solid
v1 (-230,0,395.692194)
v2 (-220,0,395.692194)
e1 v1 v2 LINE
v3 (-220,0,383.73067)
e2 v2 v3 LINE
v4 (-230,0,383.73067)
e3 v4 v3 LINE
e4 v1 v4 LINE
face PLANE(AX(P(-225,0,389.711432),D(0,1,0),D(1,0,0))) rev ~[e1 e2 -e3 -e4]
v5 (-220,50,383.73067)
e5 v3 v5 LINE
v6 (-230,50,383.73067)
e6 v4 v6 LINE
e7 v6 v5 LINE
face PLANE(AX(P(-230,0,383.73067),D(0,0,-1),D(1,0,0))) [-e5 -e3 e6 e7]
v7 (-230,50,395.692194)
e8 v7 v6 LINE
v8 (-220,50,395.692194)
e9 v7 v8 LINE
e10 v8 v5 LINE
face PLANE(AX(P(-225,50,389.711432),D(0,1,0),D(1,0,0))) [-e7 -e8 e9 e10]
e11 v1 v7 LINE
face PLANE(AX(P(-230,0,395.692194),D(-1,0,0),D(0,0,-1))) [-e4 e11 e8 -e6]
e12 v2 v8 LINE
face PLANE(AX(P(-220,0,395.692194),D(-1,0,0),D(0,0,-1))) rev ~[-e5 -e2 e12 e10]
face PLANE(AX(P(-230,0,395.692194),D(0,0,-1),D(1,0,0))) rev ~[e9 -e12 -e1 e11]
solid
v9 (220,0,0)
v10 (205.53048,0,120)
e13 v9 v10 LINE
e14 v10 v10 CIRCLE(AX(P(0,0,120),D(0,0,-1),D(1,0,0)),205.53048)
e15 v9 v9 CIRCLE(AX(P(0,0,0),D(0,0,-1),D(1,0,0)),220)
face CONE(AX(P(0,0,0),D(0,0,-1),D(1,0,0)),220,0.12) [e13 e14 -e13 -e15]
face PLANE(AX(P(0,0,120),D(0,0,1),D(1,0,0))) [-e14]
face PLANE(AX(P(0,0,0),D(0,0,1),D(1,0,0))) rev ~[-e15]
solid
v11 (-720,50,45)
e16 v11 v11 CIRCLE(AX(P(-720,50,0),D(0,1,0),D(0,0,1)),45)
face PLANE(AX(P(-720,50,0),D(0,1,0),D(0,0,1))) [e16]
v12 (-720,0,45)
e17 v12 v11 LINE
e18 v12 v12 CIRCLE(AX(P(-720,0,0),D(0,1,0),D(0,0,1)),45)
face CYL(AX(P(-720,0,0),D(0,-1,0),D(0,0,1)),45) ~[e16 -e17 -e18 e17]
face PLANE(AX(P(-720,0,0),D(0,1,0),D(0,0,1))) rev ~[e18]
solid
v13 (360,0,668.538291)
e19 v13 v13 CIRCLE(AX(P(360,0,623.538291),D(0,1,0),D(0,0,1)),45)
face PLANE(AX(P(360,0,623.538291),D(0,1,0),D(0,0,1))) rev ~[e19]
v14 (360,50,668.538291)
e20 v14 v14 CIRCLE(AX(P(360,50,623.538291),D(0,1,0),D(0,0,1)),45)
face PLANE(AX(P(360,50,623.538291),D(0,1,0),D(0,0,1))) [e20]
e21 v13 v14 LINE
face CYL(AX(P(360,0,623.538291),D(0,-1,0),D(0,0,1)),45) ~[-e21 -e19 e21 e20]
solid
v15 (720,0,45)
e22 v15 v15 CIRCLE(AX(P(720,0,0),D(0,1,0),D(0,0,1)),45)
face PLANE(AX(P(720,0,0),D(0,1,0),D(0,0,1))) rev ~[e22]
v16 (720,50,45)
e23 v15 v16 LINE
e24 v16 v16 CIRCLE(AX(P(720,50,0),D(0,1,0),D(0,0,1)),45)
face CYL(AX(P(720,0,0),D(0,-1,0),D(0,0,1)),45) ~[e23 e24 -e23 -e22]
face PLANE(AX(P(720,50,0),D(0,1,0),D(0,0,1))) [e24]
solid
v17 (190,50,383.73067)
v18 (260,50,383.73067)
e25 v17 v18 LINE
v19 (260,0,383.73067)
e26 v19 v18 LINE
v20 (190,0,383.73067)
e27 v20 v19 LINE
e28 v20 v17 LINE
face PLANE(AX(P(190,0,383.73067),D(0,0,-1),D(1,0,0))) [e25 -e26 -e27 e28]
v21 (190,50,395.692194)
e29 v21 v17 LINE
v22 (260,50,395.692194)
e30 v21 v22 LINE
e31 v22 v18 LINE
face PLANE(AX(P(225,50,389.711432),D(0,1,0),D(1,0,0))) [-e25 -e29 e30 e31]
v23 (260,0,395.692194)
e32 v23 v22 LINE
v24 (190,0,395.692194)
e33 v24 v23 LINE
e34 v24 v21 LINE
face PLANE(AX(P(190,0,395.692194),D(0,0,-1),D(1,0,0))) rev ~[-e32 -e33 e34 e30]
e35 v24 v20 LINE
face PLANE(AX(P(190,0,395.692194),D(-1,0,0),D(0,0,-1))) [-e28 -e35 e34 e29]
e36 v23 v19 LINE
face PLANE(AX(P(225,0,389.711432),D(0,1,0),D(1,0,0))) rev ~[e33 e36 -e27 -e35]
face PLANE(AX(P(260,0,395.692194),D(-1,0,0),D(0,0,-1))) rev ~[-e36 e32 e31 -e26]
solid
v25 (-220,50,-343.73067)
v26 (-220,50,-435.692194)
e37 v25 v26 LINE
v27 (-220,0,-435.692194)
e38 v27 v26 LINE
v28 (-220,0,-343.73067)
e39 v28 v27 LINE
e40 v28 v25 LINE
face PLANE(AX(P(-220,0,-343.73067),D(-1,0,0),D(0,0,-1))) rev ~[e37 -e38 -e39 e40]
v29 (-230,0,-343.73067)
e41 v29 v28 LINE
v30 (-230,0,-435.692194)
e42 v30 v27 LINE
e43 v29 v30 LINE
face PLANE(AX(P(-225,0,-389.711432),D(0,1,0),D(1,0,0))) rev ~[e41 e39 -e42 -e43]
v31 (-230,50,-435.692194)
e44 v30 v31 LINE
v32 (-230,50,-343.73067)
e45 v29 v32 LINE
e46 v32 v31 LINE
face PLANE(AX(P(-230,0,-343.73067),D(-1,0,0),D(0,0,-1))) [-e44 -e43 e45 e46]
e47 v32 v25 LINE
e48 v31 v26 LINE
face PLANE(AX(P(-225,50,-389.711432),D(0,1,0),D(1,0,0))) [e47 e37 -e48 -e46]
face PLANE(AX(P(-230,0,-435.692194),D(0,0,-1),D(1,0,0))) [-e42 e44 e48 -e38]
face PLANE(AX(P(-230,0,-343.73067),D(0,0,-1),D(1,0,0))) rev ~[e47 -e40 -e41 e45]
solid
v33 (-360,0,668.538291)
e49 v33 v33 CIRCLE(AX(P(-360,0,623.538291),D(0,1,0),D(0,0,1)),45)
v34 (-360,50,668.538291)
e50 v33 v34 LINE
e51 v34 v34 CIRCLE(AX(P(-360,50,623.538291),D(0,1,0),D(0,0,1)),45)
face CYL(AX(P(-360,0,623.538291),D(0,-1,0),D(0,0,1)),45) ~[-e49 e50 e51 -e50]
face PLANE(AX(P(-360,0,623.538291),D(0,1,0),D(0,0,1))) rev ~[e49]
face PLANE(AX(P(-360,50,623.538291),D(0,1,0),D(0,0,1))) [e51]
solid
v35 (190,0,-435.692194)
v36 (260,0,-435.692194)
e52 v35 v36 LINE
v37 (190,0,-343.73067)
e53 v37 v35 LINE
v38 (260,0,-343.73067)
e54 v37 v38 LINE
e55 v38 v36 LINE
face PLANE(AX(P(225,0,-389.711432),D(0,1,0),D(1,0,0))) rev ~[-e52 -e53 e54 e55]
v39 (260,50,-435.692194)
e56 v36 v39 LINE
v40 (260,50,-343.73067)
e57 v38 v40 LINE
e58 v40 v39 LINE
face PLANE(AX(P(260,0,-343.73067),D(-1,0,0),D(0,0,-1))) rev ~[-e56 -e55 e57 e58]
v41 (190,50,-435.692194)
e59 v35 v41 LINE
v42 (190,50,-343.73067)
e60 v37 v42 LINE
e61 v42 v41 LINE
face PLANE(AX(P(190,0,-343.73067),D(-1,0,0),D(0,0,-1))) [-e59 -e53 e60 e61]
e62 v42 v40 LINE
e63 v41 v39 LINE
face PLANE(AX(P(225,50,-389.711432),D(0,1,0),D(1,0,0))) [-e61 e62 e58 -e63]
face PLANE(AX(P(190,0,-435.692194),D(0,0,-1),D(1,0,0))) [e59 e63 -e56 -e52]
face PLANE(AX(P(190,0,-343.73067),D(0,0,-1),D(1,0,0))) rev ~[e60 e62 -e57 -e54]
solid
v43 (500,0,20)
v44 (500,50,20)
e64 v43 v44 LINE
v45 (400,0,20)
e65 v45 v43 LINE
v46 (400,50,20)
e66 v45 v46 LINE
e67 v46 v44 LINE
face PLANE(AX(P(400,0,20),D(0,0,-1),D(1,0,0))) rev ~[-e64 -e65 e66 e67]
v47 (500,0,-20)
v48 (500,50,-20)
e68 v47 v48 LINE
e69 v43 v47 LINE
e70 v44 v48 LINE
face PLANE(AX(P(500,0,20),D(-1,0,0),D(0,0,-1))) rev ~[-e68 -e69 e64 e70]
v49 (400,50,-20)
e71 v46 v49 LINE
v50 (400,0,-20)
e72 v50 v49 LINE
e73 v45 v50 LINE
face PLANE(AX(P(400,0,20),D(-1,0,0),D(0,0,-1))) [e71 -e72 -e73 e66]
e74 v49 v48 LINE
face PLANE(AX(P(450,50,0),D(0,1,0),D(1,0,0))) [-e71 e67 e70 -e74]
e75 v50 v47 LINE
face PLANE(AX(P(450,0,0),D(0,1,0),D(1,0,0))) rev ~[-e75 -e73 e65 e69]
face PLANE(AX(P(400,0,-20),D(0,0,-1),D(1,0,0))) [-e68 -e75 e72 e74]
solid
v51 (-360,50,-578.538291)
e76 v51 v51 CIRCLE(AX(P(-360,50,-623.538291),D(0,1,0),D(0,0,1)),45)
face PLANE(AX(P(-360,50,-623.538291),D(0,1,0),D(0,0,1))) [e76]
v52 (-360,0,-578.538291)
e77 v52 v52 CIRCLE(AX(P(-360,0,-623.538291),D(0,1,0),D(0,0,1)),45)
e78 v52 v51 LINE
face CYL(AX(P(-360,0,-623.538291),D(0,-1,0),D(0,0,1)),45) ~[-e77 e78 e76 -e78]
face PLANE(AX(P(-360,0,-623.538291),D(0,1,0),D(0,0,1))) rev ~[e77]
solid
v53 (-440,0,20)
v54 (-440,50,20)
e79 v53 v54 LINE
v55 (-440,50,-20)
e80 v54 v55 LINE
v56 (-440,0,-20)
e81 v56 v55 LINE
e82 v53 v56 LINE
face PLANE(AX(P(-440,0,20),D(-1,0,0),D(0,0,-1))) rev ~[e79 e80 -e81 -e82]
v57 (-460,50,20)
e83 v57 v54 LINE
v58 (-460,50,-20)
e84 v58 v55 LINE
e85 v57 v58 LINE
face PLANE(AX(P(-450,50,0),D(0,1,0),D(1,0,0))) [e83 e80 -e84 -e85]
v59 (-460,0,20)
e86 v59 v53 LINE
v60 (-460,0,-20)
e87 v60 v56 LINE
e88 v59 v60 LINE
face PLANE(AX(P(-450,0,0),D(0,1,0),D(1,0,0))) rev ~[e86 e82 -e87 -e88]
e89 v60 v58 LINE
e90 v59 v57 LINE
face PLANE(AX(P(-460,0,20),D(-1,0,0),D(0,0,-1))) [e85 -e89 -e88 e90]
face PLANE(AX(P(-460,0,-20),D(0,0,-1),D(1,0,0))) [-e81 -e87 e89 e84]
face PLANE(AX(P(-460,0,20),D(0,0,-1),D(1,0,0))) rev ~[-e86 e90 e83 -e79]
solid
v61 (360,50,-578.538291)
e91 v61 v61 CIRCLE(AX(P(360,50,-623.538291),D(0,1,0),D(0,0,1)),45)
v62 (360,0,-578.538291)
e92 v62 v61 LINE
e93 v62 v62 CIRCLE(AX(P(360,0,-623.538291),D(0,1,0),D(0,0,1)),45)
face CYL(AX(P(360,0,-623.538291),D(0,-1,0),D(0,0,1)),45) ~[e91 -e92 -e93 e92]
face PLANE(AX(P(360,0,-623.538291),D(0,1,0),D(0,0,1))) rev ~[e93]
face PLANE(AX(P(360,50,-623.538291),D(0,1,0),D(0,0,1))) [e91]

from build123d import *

# Parameters (mm, degrees)
SKETCH1_R              = 220
BOSS_EXTRUDE1_DEPTH    = 120
BOSS_EXTRUDE1_TAPER    = 6.875493542
SKETCH2_R              = 45
BOSS_EXTRUDE2_DEPTH    = 50
BOSS_EXTRUDE2_2_DEPTH  = 50
BOSS_EXTRUDE2_3_DEPTH  = 50
BOSS_EXTRUDE2_4_DEPTH  = 50
BOSS_EXTRUDE2_5_DEPTH  = 50
BOSS_EXTRUDE2_6_DEPTH  = 50
SKETCH2_W              = 100
SKETCH2_H              = 40
BOSS_EXTRUDE2_7_DEPTH  = 50
SKETCH2_W_2            = 70
SKETCH2_H_2            = 91.961524228
BOSS_EXTRUDE2_8_DEPTH  = 50
SKETCH2_W_3            = 10
BOSS_EXTRUDE2_9_DEPTH  = 50
SKETCH2_W_4            = 20
BOSS_EXTRUDE2_10_DEPTH = 50
SKETCH2_H_3            = 11.961524228
BOSS_EXTRUDE2_11_DEPTH = 50
BOSS_EXTRUDE2_12_DEPTH = 50


with BuildPart() as part:
    # Sketch1 → Boss-Extrude1 (new body)
    with BuildSketch(Plane.XY):
        Circle(SKETCH1_R)
    extrude(amount=BOSS_EXTRUDE1_DEPTH, taper=BOSS_EXTRUDE1_TAPER)


with BuildPart() as body_2:
    # Sketch2 → Boss-Extrude2 (new body)
    with BuildSketch(Plane(origin=(0, 0, 0), x_dir=(1, 0, 0), z_dir=(0, 1, 0))):
        with Locations(Location((720, 0, 0), (0, 0, 270))):
            Circle(SKETCH2_R)
    extrude(amount=BOSS_EXTRUDE2_DEPTH)


with BuildPart() as body_3:
    # Sketch2 → Boss-Extrude2 2 (new body)
    with BuildSketch(Plane(origin=(0, 0, 0), x_dir=(1, 0, 0), z_dir=(0, 1, 0))):
        with Locations(Location((360, 623.538290725, 0), (0, 0, 270))):
            Circle(SKETCH2_R)
    extrude(amount=BOSS_EXTRUDE2_2_DEPTH)


with BuildPart() as body_4:
    # Sketch2 → Boss-Extrude2 3 (new body)
    with BuildSketch(Plane(origin=(0, 0, 0), x_dir=(1, 0, 0), z_dir=(0, 1, 0))):
        with Locations(Location((-360, 623.538290725, 0), (0, 0, 270))):
            Circle(SKETCH2_R)
    extrude(amount=BOSS_EXTRUDE2_3_DEPTH)


with BuildPart() as body_5:
    # Sketch2 → Boss-Extrude2 4 (new body)
    with BuildSketch(Plane(origin=(0, 0, 0), x_dir=(1, 0, 0), z_dir=(0, 1, 0))):
        with Locations(Location((-720, 0, 0), (0, 0, 270))):
            Circle(SKETCH2_R)
    extrude(amount=BOSS_EXTRUDE2_4_DEPTH)


with BuildPart() as body_6:
    # Sketch2 → Boss-Extrude2 5 (new body)
    with BuildSketch(Plane(origin=(0, 0, 0), x_dir=(1, 0, 0), z_dir=(0, 1, 0))):
        with Locations(Location((-360, -623.538290725, 0), (0, 0, 270))):
            Circle(SKETCH2_R)
    extrude(amount=BOSS_EXTRUDE2_5_DEPTH)


with BuildPart() as body_7:
    # Sketch2 → Boss-Extrude2 6 (new body)
    with BuildSketch(Plane(origin=(0, 0, 0), x_dir=(1, 0, 0), z_dir=(0, 1, 0))):
        with Locations(Location((360, -623.538290725, 0), (0, 0, 270))):
            Circle(SKETCH2_R)
    extrude(amount=BOSS_EXTRUDE2_6_DEPTH)


with BuildPart() as body_8:
    # Sketch2 → Boss-Extrude2 7 (new body)
    with BuildSketch(Plane(origin=(0, 0, 0), x_dir=(1, 0, 0), z_dir=(0, 1, 0))):
        with Locations((450, 0)):
            Rectangle(SKETCH2_W, SKETCH2_H)
    extrude(amount=BOSS_EXTRUDE2_7_DEPTH)


with BuildPart() as body_9:
    # Sketch2 → Boss-Extrude2 8 (new body)
    with BuildSketch(Plane(origin=(0, 0, 0), x_dir=(1, 0, 0), z_dir=(0, 1, 0))):
        with Locations((225, 389.711431703)):
            Rectangle(SKETCH2_W_2, SKETCH2_H_2)
    extrude(amount=BOSS_EXTRUDE2_8_DEPTH)


with BuildPart() as body_10:
    # Sketch2 → Boss-Extrude2 9 (new body)
    with BuildSketch(Plane(origin=(0, 0, 0), x_dir=(1, 0, 0), z_dir=(0, 1, 0))):
        with Locations((-225, 389.711431703)):
            Rectangle(SKETCH2_W_3, SKETCH2_H_2)
    extrude(amount=BOSS_EXTRUDE2_9_DEPTH)


with BuildPart() as body_11:
    # Sketch2 → Boss-Extrude2 10 (new body)
    with BuildSketch(Plane(origin=(0, 0, 0), x_dir=(1, 0, 0), z_dir=(0, 1, 0))):
        with Locations((-450, 0)):
            Rectangle(SKETCH2_W_4, SKETCH2_H)
    extrude(amount=BOSS_EXTRUDE2_10_DEPTH)


with BuildPart() as body_12:
    # Sketch2 → Boss-Extrude2 11 (new body)
    with BuildSketch(Plane(origin=(0, 0, 0), x_dir=(1, 0, 0), z_dir=(0, 1, 0))):
        with Locations((-225, -389.711431703)):
            Rectangle(SKETCH2_W_3, SKETCH2_H_3)
    extrude(amount=BOSS_EXTRUDE2_11_DEPTH)


with BuildPart() as body_13:
    # Sketch2 → Boss-Extrude2 12 (new body)
    with BuildSketch(Plane(origin=(0, 0, 0), x_dir=(1, 0, 0), z_dir=(0, 1, 0))):
        with Locations((225, -389.711431703)):
            Rectangle(SKETCH2_W_2, SKETCH2_H_3)
    extrude(amount=BOSS_EXTRUDE2_12_DEPTH)


solid = Compound([part.part, body_2.part, body_3.part, body_4.part, body_5.part, body_6.part, body_7.part, body_8.part, body_9.part, body_10.part, body_11.part, body_12.part, body_13.part])
